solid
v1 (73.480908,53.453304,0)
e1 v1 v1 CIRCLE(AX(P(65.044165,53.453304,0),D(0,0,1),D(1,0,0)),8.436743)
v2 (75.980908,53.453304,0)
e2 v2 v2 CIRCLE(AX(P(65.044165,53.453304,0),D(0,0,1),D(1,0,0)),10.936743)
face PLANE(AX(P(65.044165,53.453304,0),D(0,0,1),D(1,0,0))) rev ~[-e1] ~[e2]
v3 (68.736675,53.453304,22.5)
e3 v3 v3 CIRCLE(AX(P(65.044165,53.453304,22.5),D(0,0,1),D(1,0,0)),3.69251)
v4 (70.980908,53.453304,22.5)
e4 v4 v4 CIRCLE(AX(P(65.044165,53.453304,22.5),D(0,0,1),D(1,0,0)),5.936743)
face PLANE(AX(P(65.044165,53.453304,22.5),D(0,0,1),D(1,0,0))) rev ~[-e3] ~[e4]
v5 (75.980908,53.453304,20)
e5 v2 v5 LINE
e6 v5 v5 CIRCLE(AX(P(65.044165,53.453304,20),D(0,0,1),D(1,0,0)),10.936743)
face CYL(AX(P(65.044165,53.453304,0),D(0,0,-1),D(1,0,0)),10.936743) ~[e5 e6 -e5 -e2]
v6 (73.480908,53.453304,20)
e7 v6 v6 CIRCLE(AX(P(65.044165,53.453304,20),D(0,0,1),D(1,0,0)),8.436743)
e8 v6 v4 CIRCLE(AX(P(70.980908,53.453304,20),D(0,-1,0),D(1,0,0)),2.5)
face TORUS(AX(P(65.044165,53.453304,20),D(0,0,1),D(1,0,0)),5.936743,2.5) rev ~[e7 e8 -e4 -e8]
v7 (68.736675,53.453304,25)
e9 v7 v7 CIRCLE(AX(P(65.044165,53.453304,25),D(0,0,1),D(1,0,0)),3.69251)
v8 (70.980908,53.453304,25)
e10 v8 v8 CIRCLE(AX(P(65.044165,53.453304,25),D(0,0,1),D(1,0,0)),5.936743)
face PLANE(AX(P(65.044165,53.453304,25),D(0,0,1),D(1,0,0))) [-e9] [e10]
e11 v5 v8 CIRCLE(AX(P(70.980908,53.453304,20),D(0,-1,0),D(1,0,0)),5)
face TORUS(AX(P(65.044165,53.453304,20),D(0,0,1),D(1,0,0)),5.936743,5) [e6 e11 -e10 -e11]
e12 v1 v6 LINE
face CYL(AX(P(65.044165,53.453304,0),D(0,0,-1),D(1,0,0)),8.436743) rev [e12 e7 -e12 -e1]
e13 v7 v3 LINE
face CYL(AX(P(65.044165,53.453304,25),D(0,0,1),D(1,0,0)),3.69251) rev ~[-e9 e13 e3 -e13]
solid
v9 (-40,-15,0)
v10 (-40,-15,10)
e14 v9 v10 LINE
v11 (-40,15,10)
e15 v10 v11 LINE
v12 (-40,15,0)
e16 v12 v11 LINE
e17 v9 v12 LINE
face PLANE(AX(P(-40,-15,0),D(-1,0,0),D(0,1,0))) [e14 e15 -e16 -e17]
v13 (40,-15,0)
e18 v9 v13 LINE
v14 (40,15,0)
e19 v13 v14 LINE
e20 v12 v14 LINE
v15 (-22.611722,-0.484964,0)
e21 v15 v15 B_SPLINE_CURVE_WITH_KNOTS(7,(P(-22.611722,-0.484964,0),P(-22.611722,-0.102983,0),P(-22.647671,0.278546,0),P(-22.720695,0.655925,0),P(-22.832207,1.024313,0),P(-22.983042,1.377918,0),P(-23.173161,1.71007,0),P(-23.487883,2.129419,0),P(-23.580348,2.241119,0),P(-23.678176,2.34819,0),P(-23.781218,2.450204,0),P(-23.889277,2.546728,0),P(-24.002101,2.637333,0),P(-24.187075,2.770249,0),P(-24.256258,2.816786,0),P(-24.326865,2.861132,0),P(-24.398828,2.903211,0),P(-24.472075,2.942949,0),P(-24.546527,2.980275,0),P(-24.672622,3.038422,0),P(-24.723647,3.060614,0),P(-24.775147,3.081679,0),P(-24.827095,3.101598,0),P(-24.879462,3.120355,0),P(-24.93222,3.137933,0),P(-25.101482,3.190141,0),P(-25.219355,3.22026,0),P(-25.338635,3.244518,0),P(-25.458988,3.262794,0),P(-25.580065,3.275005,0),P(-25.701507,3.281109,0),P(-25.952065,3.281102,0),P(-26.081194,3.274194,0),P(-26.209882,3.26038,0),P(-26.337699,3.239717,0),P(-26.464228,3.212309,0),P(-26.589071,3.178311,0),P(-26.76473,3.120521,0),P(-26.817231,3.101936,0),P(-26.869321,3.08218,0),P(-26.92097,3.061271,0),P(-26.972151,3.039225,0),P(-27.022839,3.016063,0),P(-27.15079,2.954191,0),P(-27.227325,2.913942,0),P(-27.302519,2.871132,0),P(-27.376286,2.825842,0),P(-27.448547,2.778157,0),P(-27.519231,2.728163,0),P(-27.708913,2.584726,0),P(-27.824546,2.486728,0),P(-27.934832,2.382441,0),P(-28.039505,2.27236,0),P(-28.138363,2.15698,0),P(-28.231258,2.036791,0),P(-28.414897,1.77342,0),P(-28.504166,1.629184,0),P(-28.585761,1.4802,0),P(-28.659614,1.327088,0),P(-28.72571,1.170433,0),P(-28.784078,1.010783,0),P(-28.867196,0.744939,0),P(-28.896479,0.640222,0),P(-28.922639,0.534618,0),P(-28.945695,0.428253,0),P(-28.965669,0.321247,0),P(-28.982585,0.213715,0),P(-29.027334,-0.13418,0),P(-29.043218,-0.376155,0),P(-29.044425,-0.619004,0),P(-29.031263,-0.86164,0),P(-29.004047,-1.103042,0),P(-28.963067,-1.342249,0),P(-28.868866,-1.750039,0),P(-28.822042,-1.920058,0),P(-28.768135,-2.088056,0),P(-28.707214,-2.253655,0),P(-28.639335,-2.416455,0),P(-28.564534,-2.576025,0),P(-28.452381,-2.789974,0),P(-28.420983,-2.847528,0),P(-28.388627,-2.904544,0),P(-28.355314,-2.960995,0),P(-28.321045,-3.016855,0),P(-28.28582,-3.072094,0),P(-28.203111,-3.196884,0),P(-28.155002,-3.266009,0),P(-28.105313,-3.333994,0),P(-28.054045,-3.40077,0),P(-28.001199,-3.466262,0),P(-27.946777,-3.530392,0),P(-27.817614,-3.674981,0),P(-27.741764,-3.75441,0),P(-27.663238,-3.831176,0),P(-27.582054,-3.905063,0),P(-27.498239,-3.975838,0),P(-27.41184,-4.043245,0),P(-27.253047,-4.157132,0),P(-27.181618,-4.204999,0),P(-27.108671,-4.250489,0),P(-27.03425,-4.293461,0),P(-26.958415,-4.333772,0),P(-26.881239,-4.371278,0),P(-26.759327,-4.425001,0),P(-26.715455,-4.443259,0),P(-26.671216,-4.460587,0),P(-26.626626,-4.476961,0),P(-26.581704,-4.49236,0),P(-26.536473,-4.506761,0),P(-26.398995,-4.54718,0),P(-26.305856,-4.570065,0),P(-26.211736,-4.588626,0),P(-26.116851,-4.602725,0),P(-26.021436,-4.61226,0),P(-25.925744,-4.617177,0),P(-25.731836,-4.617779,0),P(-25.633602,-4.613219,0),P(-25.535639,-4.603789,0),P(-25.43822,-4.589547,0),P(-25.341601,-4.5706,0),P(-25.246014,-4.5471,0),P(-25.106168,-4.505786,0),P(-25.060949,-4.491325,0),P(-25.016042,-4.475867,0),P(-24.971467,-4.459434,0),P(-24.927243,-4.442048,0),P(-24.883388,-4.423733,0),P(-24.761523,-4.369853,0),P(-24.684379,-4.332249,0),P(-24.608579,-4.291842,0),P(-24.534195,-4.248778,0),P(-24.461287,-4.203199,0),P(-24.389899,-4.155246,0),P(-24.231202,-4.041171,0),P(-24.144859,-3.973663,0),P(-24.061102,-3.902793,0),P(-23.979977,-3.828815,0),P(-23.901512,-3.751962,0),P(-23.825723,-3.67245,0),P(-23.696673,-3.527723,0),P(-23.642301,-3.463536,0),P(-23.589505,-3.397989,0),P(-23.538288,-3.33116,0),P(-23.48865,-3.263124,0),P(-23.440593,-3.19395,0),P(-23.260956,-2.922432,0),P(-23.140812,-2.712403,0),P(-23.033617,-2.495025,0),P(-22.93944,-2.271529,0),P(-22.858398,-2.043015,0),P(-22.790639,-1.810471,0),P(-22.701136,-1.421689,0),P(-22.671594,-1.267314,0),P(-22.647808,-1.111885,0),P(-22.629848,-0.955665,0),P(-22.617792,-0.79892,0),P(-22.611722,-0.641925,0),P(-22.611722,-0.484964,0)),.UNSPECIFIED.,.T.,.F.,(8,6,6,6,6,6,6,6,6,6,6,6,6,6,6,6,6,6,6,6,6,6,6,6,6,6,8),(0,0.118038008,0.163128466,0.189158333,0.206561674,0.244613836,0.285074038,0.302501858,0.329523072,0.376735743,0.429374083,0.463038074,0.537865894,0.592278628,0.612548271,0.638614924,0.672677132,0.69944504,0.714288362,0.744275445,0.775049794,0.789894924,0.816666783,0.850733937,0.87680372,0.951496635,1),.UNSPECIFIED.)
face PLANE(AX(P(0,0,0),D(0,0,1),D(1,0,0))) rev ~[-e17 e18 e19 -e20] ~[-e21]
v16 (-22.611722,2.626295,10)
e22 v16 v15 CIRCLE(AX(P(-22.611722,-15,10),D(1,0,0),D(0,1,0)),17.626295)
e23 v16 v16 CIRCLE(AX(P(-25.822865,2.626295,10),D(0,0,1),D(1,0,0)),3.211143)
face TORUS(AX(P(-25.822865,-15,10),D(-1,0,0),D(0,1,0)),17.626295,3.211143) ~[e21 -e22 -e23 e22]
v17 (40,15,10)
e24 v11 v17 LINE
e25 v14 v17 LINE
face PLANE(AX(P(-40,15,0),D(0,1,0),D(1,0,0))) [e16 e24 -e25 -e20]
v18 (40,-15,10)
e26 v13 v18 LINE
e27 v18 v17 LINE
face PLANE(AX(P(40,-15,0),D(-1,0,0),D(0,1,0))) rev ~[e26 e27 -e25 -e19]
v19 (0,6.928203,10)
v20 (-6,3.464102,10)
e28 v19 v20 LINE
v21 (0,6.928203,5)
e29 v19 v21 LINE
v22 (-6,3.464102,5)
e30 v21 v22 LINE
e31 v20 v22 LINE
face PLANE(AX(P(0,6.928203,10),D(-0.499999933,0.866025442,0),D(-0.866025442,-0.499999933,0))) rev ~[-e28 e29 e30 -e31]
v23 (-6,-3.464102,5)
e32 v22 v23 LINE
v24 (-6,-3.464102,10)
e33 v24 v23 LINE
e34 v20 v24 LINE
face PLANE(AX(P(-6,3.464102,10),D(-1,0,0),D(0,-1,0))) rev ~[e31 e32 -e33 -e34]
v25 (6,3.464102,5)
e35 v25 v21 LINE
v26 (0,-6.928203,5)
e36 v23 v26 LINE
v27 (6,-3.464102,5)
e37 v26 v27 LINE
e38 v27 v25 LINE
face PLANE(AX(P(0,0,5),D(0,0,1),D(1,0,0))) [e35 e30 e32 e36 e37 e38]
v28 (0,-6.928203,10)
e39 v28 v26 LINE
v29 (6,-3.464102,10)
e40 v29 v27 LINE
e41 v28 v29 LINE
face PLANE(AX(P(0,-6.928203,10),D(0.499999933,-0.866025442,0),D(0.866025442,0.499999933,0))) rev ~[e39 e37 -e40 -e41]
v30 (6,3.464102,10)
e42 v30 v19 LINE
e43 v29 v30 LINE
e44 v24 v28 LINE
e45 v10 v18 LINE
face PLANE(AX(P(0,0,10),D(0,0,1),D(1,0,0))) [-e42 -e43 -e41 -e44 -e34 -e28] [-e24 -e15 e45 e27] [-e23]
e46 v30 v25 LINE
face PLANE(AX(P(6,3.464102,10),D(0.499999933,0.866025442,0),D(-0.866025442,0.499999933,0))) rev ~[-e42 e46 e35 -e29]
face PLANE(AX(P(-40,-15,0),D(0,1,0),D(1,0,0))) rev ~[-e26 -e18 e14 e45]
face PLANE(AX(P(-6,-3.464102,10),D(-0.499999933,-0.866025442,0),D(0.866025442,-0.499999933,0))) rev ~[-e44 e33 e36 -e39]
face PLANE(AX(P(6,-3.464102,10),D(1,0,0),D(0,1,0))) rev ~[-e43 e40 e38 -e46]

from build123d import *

# Parameters (mm, degrees)
F0_W      = 80
F0_H      = 30
F1_DEPTH  = 10
F3_DEPTH  = 5
F4_R      = 3.211143
F6_R      = 10.936743
F7_DEPTH  = 25
F8_R      = 5
F9_T      = -2.5
F10_R     = 3.69251
F11_DEPTH = 25


with BuildPart() as f1:
    # F0 (on Top) → F1 (new body)
    with BuildSketch(Plane.XY):
        Rectangle(F0_W, F0_H)
    extrude(amount=F1_DEPTH)

    # F2 (on face) → F3 (cut)
    with BuildSketch(Plane.XY.offset(10)):
        Polygon((6, -3.464102), (6, 3.464102), (0, 6.928203), (-6, 3.464102), (-6, -3.464102), (0, -6.928203), align=None)
    extrude(amount=-F3_DEPTH, mode=Mode.SUBTRACT)

    # F4 (on face) → F5 (revolve)
    with BuildSketch(Plane.XY.offset(10)):
        with Locations((-25.822865, 2.626295)):
            Circle(F4_R)
    revolve(axis=Axis((0, -15, 10), (1, 0, 0)))


with BuildPart() as f7:
    # F6 (on Top) → F7 (new body)
    with BuildSketch(Plane.XY):
        with Locations((65.044165, 53.453304)):
            Circle(F6_R)
    extrude(amount=F7_DEPTH)

    # F8
    f8_edges = [f7.edges().sort_by_distance(p)[0] for p in [
        (54.107422, 53.453304, 25),
    ]]
    fillet(f8_edges, radius=F8_R)

    # F9
    f9_openings = [f7.faces().sort_by_distance(p)[0] for p in [
        (65.044165, 53.453304, 0),
    ]]
    offset(amount=F9_T, openings=f9_openings)

    # F10 (on face) → F11 (cut)
    with BuildSketch(Plane.XY.offset(25)):
        with Locations((65.044165, 53.453304)):
            Circle(F10_R)
    extrude(amount=-F11_DEPTH, mode=Mode.SUBTRACT)


solid = Compound([f1.part, f7.part])
